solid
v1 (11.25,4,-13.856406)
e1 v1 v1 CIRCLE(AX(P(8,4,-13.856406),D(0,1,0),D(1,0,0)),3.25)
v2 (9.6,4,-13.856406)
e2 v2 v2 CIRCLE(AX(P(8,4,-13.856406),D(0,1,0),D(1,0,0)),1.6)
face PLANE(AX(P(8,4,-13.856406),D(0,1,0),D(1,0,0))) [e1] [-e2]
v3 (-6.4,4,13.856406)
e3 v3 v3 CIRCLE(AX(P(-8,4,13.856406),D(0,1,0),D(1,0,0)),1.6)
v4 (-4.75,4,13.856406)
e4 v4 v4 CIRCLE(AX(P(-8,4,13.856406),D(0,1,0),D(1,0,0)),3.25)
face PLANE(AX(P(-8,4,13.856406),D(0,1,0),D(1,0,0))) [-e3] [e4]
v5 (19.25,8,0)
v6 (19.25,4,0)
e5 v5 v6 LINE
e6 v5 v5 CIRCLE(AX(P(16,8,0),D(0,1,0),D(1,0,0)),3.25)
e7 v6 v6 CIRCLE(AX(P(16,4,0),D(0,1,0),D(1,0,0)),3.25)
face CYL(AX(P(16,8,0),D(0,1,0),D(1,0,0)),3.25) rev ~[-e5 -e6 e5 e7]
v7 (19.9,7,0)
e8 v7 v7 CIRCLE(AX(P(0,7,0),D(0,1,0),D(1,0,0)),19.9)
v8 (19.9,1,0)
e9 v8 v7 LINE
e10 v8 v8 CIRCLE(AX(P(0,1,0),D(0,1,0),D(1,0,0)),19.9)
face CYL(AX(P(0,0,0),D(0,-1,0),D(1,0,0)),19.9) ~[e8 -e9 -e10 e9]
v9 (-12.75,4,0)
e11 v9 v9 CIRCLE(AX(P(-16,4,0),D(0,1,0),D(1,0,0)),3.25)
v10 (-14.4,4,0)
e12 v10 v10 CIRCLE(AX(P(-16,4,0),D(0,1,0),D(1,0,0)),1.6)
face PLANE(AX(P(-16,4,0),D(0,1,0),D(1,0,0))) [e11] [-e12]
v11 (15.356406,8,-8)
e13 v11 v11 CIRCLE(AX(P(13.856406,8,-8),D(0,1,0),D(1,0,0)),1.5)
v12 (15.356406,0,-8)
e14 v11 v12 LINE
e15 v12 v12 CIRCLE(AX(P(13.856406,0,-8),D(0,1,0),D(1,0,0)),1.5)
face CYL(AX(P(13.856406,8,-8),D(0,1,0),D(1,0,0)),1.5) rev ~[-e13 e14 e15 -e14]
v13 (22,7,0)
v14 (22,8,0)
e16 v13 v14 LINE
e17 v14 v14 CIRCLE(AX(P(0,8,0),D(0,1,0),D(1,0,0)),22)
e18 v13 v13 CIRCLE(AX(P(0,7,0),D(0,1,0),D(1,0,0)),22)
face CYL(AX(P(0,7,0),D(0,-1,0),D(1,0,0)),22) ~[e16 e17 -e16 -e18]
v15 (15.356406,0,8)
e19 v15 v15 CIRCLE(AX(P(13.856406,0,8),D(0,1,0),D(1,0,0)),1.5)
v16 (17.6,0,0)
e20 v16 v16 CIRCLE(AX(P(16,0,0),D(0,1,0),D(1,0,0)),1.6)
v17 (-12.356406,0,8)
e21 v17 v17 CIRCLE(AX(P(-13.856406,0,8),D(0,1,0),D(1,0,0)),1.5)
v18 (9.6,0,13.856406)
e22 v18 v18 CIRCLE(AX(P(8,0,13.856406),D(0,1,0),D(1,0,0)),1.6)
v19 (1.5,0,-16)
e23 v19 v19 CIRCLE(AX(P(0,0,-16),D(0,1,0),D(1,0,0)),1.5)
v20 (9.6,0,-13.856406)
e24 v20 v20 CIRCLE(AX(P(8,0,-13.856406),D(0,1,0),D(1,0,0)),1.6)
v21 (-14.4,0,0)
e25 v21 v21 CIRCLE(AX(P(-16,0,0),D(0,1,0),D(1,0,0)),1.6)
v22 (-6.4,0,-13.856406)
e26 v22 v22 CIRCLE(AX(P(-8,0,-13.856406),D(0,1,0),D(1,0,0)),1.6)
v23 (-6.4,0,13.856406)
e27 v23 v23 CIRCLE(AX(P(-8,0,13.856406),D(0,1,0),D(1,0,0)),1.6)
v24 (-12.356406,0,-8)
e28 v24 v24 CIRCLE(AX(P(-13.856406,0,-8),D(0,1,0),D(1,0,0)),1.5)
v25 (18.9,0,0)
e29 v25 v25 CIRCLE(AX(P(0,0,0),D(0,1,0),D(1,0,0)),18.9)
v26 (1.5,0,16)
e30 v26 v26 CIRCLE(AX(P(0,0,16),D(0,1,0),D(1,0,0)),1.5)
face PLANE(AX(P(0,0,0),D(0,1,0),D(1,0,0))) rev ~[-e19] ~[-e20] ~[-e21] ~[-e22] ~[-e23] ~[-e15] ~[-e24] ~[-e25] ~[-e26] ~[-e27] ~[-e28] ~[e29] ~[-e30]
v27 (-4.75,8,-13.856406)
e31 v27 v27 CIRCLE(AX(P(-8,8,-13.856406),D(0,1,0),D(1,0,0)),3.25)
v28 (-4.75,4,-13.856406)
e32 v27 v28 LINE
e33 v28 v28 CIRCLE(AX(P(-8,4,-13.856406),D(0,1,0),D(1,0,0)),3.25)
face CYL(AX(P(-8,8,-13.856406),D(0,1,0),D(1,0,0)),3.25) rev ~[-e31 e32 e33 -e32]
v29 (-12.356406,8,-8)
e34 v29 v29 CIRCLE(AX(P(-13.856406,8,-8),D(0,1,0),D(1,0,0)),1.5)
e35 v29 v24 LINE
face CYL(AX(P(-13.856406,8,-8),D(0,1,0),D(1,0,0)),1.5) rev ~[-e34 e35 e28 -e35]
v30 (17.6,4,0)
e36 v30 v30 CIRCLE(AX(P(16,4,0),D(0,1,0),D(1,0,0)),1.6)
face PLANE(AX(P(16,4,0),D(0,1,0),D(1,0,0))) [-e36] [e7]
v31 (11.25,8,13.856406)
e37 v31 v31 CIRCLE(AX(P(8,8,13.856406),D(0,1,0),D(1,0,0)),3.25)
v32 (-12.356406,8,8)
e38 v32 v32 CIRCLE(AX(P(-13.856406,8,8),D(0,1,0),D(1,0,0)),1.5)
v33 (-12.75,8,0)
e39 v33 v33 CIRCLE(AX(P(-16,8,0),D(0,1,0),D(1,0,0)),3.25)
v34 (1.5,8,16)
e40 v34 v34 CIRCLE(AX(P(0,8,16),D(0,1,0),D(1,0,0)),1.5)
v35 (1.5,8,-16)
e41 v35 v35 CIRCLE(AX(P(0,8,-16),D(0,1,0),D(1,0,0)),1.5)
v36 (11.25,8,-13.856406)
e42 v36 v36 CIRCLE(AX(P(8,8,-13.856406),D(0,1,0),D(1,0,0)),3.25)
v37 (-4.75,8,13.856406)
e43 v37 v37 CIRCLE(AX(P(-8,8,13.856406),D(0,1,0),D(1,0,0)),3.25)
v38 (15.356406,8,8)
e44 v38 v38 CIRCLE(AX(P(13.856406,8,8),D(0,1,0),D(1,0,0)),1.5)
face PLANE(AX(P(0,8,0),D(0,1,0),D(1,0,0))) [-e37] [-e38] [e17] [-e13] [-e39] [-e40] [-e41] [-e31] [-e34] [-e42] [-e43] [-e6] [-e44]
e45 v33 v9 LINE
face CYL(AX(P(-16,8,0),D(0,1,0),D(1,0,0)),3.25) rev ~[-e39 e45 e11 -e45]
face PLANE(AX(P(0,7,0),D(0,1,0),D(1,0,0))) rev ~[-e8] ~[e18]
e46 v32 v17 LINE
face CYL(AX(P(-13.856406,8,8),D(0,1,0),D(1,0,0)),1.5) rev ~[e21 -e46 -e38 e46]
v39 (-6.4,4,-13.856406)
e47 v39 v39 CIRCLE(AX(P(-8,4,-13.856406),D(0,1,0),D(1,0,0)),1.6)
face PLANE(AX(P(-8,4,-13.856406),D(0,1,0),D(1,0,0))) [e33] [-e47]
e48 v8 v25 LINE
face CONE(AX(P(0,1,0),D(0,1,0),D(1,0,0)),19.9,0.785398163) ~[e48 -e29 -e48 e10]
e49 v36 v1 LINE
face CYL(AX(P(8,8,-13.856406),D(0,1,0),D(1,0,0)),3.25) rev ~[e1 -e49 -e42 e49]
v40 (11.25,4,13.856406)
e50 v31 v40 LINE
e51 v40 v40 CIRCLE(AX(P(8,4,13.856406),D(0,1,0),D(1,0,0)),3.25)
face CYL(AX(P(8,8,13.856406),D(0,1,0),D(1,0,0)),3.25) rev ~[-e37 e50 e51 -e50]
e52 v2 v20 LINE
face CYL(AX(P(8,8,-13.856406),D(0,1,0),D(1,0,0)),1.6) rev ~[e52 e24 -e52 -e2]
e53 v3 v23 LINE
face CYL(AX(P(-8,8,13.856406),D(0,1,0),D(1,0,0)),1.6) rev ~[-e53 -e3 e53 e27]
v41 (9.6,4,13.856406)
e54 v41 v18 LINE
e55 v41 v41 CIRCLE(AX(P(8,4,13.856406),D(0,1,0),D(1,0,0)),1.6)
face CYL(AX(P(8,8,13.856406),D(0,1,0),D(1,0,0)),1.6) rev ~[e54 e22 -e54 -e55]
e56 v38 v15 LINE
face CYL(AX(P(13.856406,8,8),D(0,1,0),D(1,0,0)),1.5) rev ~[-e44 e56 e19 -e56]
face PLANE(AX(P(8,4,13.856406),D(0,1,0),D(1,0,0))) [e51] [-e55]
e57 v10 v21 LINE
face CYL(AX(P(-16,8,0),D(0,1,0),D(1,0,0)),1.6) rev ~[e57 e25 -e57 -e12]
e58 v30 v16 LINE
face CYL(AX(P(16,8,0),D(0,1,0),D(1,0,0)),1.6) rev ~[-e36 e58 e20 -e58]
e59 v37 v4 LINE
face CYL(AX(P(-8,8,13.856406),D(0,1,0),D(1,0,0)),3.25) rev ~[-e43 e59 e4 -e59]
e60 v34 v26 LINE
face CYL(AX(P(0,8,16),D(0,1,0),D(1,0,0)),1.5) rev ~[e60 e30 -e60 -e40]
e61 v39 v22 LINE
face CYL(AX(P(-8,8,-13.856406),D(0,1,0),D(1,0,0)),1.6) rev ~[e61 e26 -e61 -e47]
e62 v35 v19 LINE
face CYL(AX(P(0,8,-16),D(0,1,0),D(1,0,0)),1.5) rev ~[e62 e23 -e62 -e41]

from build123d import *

# Parameters (mm, degrees)
SKETCH1_R           = 19.9
BOSS_EXTRUDE1_DEPTH = 7
SKETCH2_R           = 22
BOSS_EXTRUDE2_DEPTH = 1
SKETCH3_R           = 1.5
SKETCH3_R_2         = 1.6
CUT_EXTRUDE1_DEPTH  = 9
SKETCH4_R           = 3.25
CUT_EXTRUDE2_DEPTH  = 4
CHAMFER1_SIZE       = 1


with BuildPart() as part:
    # Sketch1 → Boss-Extrude1 (new body)
    with BuildSketch(Plane(origin=(0, 0, 0), x_dir=(1, 0, 0), z_dir=(0, 1, 0))):
        Circle(SKETCH1_R)
    extrude(amount=BOSS_EXTRUDE1_DEPTH)

    # Sketch2 → Boss-Extrude2 (add)
    with BuildSketch(Plane(origin=(0, 7, 0), x_dir=(1, 0, 0), z_dir=(0, 1, 0))):
        Circle(SKETCH2_R)
    extrude(amount=BOSS_EXTRUDE2_DEPTH)

    # Sketch3 → Cut-Extrude1 (cut, through all)
    with BuildSketch(Plane(origin=(0, 8, 0), x_dir=(1, 0, 0), z_dir=(0, 1, 0))):
        with Locations((0, 16)):
            Circle(SKETCH3_R)
        with Locations((13.856406461, 8)):
            Circle(SKETCH3_R)
        with Locations((13.856406461, -8)):
            Circle(SKETCH3_R)
        with Locations((0, -16)):
            Circle(SKETCH3_R)
        with Locations((-13.856406461, -8)):
            Circle(SKETCH3_R)
        with Locations((-13.856406461, 8)):
            Circle(SKETCH3_R)
        with Locations((-8, 13.856406461)):
            Circle(SKETCH3_R_2)
        with Locations((-16, 0)):
            Circle(SKETCH3_R_2)
        with Locations((-8, -13.856406461)):
            Circle(SKETCH3_R_2)
        with Locations((8, -13.856406461)):
            Circle(SKETCH3_R_2)
        with Locations((16, 0)):
            Circle(SKETCH3_R_2)
        with Locations((8, 13.856406461)):
            Circle(SKETCH3_R_2)
    extrude(amount=-CUT_EXTRUDE1_DEPTH, mode=Mode.SUBTRACT)

    # Sketch4 → Cut-Extrude2 (cut)
    with BuildSketch(Plane(origin=(0, 8, 0), x_dir=(1, 0, 0), z_dir=(0, 1, 0))):
        with Locations((-8, 13.856406461)):
            Circle(SKETCH4_R)
        with Locations((8, 13.856406461)):
            Circle(SKETCH4_R)
        with Locations((16, 0)):
            Circle(SKETCH4_R)
        with Locations((8, -13.856406461)):
            Circle(SKETCH4_R)
        with Locations((-8, -13.856406461)):
            Circle(SKETCH4_R)
        with Locations((-16, 0)):
            Circle(SKETCH4_R)
    extrude(amount=-CUT_EXTRUDE2_DEPTH, mode=Mode.SUBTRACT)

    # Chamfer1
    chamfer1_edges = [part.edges().sort_by_distance(p)[0] for p in [
        (-19.9, 0, 0),
    ]]
    chamfer(chamfer1_edges, length=CHAMFER1_SIZE)


solid = part.part
